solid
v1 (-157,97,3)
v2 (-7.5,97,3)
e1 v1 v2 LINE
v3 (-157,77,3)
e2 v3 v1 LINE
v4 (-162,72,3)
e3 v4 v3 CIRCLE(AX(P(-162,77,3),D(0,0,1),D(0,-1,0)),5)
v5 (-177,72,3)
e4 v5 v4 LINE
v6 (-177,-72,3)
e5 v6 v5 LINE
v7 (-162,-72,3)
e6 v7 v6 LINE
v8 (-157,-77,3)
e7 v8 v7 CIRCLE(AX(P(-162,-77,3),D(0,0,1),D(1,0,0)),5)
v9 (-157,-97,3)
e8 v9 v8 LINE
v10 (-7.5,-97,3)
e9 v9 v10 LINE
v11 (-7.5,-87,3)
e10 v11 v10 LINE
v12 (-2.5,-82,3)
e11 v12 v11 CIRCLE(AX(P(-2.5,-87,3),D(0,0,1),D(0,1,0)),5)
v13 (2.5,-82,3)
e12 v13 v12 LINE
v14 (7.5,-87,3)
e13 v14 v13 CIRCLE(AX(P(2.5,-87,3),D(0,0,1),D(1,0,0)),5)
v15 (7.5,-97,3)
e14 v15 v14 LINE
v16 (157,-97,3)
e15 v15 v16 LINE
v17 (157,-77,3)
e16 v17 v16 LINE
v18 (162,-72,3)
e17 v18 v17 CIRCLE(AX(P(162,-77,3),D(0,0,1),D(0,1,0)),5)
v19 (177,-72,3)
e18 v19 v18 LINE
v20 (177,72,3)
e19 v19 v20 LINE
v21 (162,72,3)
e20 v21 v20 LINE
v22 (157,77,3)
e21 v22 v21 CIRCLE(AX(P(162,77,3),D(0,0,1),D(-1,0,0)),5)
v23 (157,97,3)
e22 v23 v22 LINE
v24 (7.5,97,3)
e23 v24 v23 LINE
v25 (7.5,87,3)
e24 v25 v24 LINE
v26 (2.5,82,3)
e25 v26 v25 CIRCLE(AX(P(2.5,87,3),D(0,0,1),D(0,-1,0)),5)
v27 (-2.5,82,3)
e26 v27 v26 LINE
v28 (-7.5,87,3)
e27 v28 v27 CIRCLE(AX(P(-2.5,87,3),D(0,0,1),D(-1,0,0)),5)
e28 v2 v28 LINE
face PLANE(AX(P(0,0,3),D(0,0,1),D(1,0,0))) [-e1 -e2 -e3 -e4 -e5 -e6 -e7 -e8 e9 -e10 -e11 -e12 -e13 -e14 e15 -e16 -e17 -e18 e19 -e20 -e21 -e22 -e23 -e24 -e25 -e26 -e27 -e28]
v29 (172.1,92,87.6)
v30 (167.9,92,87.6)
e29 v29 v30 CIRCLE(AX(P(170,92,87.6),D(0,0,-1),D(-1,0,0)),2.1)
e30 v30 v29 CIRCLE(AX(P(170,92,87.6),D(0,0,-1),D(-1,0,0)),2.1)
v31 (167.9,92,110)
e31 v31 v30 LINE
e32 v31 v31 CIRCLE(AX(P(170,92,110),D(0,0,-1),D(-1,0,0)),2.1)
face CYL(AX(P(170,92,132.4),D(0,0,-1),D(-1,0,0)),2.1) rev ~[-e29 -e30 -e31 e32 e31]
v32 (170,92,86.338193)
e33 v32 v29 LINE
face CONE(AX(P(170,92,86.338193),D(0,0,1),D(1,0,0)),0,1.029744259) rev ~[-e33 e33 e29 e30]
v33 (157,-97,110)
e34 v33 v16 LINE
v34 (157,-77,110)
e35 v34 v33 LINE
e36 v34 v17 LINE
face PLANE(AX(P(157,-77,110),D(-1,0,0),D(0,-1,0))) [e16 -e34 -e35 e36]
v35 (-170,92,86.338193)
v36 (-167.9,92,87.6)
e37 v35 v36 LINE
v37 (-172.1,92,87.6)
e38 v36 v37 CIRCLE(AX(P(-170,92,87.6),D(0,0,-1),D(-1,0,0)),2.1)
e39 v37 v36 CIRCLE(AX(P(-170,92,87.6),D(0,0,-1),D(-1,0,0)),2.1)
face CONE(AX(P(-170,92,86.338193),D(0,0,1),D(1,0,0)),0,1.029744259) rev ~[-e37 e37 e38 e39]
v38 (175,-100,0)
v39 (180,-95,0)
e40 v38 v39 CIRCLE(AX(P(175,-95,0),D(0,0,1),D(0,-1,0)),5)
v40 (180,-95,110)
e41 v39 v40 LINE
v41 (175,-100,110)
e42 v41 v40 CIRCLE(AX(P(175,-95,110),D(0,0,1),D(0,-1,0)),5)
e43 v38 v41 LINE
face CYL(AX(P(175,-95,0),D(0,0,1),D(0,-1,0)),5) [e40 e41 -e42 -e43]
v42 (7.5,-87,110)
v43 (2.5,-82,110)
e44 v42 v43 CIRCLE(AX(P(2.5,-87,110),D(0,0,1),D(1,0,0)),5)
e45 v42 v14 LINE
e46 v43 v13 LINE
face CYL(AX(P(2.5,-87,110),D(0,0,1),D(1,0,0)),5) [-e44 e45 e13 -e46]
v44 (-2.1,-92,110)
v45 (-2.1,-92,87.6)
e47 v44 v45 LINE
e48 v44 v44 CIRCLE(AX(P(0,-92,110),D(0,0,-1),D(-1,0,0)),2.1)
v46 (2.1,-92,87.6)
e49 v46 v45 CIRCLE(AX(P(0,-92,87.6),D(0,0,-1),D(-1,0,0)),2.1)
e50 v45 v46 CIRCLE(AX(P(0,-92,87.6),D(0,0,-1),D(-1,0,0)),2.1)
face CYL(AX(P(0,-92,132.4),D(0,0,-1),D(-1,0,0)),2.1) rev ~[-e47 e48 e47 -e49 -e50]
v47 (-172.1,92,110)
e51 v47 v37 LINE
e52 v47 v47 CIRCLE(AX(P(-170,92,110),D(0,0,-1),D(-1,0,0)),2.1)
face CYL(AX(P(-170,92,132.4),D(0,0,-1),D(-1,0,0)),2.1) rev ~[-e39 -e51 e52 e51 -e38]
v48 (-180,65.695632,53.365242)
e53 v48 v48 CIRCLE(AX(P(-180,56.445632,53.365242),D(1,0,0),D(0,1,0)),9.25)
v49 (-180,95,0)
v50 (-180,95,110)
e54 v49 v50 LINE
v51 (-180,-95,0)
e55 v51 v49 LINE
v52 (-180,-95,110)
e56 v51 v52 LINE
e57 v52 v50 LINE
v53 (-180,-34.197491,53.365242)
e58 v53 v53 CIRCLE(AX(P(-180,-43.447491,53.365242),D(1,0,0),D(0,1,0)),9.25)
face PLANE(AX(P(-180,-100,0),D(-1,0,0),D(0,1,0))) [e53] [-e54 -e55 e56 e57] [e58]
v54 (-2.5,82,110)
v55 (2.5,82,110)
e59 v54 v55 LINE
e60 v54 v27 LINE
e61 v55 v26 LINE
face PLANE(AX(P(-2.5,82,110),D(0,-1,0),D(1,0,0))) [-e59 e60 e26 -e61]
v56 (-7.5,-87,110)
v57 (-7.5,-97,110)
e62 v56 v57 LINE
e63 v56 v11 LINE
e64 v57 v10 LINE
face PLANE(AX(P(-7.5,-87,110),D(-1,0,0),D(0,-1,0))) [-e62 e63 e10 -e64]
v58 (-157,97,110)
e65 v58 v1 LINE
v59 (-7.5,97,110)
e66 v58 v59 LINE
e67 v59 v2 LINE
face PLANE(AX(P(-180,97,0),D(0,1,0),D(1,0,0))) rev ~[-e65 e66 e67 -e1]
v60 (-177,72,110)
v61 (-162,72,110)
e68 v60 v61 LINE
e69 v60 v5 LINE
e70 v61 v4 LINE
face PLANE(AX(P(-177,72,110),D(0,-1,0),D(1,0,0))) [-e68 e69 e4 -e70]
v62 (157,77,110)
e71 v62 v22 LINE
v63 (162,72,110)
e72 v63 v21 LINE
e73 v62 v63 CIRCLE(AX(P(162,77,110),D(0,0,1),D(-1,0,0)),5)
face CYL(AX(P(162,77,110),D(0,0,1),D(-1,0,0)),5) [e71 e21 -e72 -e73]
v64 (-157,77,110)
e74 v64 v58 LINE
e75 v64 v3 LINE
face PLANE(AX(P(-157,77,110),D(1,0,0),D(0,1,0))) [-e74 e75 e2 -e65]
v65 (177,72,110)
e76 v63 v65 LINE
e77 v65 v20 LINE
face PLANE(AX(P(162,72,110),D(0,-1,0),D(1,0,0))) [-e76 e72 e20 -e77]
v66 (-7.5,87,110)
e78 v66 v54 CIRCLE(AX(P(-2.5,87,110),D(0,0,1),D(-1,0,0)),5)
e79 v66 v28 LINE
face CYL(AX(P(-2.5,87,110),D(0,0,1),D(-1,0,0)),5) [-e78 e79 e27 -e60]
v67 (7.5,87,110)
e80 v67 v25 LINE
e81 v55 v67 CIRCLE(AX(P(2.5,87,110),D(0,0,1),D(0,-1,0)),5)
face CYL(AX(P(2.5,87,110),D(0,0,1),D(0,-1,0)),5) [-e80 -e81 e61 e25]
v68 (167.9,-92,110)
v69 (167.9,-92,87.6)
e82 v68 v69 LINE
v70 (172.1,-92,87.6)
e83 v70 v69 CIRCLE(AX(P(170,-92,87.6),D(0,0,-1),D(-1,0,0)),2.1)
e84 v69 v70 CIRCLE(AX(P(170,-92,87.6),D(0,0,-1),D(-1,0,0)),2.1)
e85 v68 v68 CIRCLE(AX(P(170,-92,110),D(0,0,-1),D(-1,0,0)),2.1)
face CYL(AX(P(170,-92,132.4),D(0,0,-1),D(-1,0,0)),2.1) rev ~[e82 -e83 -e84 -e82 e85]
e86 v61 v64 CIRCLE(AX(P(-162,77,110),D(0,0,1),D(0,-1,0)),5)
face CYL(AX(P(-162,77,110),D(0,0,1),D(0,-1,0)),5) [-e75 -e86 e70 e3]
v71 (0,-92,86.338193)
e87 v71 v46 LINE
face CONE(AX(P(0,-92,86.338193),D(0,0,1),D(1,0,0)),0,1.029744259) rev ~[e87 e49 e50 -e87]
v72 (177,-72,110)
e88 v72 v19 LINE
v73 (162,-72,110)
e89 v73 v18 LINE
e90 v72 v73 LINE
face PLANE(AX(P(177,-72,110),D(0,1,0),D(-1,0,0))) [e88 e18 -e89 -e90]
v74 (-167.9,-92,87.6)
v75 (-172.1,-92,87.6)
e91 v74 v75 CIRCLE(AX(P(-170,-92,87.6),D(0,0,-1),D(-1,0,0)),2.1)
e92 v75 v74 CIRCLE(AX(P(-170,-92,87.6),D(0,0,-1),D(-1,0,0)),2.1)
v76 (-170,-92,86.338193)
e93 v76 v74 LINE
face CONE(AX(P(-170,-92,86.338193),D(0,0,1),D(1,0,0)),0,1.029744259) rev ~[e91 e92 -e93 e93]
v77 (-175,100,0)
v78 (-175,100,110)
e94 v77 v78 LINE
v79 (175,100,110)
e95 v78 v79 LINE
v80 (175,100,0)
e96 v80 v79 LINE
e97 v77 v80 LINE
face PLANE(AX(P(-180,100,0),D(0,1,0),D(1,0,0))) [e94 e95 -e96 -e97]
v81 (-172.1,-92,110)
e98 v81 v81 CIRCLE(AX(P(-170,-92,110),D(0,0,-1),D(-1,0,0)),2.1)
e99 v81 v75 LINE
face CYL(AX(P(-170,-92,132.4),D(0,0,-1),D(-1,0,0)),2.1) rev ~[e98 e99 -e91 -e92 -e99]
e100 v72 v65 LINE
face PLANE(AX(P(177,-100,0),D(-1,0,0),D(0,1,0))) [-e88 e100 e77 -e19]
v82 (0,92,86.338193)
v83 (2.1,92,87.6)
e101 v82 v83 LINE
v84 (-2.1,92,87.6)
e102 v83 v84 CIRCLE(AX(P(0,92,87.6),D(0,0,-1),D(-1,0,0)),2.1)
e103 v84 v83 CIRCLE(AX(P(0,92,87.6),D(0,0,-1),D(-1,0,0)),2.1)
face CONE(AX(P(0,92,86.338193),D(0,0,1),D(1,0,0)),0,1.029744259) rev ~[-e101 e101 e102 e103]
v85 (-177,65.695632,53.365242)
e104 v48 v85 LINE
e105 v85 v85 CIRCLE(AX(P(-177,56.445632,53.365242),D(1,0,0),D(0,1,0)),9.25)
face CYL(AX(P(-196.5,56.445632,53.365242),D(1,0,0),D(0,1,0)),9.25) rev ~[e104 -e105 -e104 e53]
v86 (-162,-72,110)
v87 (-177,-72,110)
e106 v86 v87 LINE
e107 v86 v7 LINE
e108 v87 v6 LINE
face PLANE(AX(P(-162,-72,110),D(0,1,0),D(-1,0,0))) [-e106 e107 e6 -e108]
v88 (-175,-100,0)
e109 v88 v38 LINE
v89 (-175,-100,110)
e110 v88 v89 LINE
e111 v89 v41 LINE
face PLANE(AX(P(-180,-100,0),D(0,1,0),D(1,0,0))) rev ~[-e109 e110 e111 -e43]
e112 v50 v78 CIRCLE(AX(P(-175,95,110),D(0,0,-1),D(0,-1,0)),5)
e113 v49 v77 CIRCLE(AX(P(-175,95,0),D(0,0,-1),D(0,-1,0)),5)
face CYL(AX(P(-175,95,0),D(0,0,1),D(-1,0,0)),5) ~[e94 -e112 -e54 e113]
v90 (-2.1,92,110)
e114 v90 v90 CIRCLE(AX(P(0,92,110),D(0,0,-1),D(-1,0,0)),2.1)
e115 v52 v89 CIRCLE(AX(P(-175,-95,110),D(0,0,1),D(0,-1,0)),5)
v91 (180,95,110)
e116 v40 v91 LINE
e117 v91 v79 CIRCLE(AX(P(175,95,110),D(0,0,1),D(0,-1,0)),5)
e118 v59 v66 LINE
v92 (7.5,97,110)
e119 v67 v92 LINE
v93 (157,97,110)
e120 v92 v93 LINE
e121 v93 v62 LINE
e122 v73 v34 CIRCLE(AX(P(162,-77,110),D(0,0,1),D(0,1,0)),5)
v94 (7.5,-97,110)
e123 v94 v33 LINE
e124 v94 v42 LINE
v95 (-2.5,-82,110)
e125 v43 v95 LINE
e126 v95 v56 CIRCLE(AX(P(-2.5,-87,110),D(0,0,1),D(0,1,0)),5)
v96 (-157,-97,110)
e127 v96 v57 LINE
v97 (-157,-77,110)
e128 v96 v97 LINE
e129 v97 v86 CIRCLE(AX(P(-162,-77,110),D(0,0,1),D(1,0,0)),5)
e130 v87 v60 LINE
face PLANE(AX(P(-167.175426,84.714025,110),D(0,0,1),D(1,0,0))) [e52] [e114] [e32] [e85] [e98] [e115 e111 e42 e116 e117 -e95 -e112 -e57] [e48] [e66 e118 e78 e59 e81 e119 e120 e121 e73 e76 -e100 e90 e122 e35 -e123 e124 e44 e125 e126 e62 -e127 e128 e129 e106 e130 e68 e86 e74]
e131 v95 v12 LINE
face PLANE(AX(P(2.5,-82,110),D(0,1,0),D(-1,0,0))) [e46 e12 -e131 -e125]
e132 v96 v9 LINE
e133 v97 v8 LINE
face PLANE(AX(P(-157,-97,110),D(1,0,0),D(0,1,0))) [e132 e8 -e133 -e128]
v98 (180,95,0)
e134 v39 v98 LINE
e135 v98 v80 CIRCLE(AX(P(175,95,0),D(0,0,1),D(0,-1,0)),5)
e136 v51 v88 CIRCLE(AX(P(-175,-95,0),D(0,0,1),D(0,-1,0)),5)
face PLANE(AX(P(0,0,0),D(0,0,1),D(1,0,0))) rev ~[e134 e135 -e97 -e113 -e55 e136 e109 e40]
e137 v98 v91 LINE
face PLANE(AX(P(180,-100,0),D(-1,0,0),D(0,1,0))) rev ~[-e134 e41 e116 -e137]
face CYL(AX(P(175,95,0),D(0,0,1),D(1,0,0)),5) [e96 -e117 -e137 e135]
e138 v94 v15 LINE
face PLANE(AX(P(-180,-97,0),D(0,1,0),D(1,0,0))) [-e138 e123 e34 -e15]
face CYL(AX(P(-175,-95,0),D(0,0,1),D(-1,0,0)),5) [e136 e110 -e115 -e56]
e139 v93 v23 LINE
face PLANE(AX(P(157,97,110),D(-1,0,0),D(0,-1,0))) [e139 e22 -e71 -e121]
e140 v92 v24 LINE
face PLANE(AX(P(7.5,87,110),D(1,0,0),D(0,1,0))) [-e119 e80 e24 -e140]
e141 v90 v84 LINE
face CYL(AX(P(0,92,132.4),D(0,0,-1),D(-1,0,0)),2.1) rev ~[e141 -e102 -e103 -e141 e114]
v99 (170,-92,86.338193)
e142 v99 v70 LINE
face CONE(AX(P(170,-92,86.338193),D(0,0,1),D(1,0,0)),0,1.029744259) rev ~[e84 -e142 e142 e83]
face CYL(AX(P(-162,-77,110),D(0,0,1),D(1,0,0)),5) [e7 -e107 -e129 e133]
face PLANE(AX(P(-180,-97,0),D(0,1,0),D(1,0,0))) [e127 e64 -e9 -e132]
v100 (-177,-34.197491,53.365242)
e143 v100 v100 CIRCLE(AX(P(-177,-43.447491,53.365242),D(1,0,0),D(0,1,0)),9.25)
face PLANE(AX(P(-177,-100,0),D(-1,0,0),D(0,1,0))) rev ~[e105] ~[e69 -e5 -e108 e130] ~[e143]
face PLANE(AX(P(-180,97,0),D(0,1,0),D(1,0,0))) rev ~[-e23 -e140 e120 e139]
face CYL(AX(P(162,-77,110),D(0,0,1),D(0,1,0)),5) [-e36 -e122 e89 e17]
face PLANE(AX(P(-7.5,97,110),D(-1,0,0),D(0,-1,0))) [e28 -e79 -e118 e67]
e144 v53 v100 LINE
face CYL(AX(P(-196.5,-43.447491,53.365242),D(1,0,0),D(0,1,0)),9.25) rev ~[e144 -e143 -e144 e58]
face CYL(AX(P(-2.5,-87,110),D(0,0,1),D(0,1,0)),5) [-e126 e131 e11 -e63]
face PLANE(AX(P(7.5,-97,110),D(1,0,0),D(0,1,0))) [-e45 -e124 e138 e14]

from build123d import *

# Parameters (mm, degrees)
F0_W     = 360
F0_H     = 200
F1_DEPTH = 110
F2_R     = 5
F3_T     = -3
F5_D     = 18.5
F5_DEPTH = 16.5
F5_TIP   = 5.557960726
F8_DEPTH = 107
F9_D     = 4.2
F9_DEPTH = 22.4
F9_TIP   = 1.2618073


with BuildPart() as f1:
    # F0 (on Top) → F1 (new body)
    with BuildSketch(Plane.XY):
        Rectangle(F0_W, F0_H)
    extrude(amount=F1_DEPTH)

    # F2
    f2_edges = [f1.edges().sort_by_distance(p)[0] for p in [
        (-180, 100, 55),
        (-180, -100, 55),
        (180, -100, 55),
        (180, 100, 55),
    ]]
    fillet(f2_edges, radius=F2_R)

    # F3
    f3_openings = [f1.faces().sort_by_distance(p)[0] for p in [
        (0, 0, 110),
    ]]
    offset(amount=F3_T, openings=f3_openings)

    # F5
    with Locations(Plane(origin=(-180, 0, 0), x_dir=(0, -1, 0), z_dir=(-1, 0, 0))):
        with Locations((-56.4456321299, 53.3652417362), (43.4474907815, 53.3652417362)):
            Hole(F5_D / 2, depth=F5_DEPTH)
            with Locations((0, 0, -(F5_DEPTH + F5_TIP / 2))):  # 118° drill point
                Cone(0, F5_D / 2, F5_TIP, mode=Mode.SUBTRACT)

    # F7 (on face) → F8 (join, through all)
    with BuildSketch(Plane.XY.offset(110)):
        with BuildLine():
            Line((-177, 95), (-177, 72))
            Line((-177, 72), (-162, 72))
            ThreePointArc((-162, 72), (-158.4644660941, 73.4644660941), (-157, 77))
            Line((-157, 77), (-157, 97))
            Line((-157, 97), (-175, 97))
            ThreePointArc((-175, 97), (-176.4142135624, 96.4142135624), (-177, 95))
        make_face()
        with BuildLine():
            Line((-175, -97), (-157, -97))
            Line((-157, -97), (-157, -77))
            ThreePointArc((-157, -77), (-158.4644660941, -73.4644660941), (-162, -72))
            Line((-162, -72), (-177, -72))
            Line((-177, -72), (-177, -95))
            ThreePointArc((-177, -95), (-176.4142135624, -96.4142135624), (-175, -97))
        make_face()
        with BuildLine():
            Line((7.5, 87), (7.5, 97))
            Line((7.5, 97), (-7.5, 97))
            Line((-7.5, 97), (-7.5, 87))
            ThreePointArc((-7.5, 87), (-6.0355339059, 83.4644660941), (-2.5, 82))
            Line((-2.5, 82), (2.5, 82))
            ThreePointArc((2.5, 82), (6.0355339059, 83.4644660941), (7.5, 87))
        make_face()
        with BuildLine():
            Line((-7.5, -97), (7.5, -97))
            Line((7.5, -97), (7.5, -87))
            ThreePointArc((7.5, -87), (6.0355339059, -83.4644660941), (2.5, -82))
            Line((2.5, -82), (-2.5, -82))
            ThreePointArc((-2.5, -82), (-6.0355339059, -83.4644660941), (-7.5, -87))
            Line((-7.5, -87), (-7.5, -97))
        make_face()
        with BuildLine():
            Line((157, -97), (175, -97))
            ThreePointArc((175, -97), (176.4142135624, -96.4142135624), (177, -95))
            Line((177, -95), (177, -72))
            Line((177, -72), (162, -72))
            ThreePointArc((162, -72), (158.4644660941, -73.4644660941), (157, -77))
            Line((157, -77), (157, -97))
        make_face()
        with BuildLine():
            Line((162, 72), (177, 72))
            Line((177, 72), (177, 95))
            ThreePointArc((177, 95), (176.4142135624, 96.4142135624), (175, 97))
            Line((175, 97), (157, 97))
            Line((157, 97), (157, 77))
            ThreePointArc((157, 77), (158.4644660941, 73.4644660941), (162, 72))
        make_face()
    extrude(amount=-F8_DEPTH)

    # F9
    with Locations(Plane.XY.offset(110)):
        with Locations((-170, -92), (-170, 92), (0, 92), (170, 92), (170, -92), (0, -92)):
            Hole(F9_D / 2, depth=F9_DEPTH)
            with Locations((0, 0, -(F9_DEPTH + F9_TIP / 2))):  # 118° drill point
                Cone(0, F9_D / 2, F9_TIP, mode=Mode.SUBTRACT)


solid = f1.part
